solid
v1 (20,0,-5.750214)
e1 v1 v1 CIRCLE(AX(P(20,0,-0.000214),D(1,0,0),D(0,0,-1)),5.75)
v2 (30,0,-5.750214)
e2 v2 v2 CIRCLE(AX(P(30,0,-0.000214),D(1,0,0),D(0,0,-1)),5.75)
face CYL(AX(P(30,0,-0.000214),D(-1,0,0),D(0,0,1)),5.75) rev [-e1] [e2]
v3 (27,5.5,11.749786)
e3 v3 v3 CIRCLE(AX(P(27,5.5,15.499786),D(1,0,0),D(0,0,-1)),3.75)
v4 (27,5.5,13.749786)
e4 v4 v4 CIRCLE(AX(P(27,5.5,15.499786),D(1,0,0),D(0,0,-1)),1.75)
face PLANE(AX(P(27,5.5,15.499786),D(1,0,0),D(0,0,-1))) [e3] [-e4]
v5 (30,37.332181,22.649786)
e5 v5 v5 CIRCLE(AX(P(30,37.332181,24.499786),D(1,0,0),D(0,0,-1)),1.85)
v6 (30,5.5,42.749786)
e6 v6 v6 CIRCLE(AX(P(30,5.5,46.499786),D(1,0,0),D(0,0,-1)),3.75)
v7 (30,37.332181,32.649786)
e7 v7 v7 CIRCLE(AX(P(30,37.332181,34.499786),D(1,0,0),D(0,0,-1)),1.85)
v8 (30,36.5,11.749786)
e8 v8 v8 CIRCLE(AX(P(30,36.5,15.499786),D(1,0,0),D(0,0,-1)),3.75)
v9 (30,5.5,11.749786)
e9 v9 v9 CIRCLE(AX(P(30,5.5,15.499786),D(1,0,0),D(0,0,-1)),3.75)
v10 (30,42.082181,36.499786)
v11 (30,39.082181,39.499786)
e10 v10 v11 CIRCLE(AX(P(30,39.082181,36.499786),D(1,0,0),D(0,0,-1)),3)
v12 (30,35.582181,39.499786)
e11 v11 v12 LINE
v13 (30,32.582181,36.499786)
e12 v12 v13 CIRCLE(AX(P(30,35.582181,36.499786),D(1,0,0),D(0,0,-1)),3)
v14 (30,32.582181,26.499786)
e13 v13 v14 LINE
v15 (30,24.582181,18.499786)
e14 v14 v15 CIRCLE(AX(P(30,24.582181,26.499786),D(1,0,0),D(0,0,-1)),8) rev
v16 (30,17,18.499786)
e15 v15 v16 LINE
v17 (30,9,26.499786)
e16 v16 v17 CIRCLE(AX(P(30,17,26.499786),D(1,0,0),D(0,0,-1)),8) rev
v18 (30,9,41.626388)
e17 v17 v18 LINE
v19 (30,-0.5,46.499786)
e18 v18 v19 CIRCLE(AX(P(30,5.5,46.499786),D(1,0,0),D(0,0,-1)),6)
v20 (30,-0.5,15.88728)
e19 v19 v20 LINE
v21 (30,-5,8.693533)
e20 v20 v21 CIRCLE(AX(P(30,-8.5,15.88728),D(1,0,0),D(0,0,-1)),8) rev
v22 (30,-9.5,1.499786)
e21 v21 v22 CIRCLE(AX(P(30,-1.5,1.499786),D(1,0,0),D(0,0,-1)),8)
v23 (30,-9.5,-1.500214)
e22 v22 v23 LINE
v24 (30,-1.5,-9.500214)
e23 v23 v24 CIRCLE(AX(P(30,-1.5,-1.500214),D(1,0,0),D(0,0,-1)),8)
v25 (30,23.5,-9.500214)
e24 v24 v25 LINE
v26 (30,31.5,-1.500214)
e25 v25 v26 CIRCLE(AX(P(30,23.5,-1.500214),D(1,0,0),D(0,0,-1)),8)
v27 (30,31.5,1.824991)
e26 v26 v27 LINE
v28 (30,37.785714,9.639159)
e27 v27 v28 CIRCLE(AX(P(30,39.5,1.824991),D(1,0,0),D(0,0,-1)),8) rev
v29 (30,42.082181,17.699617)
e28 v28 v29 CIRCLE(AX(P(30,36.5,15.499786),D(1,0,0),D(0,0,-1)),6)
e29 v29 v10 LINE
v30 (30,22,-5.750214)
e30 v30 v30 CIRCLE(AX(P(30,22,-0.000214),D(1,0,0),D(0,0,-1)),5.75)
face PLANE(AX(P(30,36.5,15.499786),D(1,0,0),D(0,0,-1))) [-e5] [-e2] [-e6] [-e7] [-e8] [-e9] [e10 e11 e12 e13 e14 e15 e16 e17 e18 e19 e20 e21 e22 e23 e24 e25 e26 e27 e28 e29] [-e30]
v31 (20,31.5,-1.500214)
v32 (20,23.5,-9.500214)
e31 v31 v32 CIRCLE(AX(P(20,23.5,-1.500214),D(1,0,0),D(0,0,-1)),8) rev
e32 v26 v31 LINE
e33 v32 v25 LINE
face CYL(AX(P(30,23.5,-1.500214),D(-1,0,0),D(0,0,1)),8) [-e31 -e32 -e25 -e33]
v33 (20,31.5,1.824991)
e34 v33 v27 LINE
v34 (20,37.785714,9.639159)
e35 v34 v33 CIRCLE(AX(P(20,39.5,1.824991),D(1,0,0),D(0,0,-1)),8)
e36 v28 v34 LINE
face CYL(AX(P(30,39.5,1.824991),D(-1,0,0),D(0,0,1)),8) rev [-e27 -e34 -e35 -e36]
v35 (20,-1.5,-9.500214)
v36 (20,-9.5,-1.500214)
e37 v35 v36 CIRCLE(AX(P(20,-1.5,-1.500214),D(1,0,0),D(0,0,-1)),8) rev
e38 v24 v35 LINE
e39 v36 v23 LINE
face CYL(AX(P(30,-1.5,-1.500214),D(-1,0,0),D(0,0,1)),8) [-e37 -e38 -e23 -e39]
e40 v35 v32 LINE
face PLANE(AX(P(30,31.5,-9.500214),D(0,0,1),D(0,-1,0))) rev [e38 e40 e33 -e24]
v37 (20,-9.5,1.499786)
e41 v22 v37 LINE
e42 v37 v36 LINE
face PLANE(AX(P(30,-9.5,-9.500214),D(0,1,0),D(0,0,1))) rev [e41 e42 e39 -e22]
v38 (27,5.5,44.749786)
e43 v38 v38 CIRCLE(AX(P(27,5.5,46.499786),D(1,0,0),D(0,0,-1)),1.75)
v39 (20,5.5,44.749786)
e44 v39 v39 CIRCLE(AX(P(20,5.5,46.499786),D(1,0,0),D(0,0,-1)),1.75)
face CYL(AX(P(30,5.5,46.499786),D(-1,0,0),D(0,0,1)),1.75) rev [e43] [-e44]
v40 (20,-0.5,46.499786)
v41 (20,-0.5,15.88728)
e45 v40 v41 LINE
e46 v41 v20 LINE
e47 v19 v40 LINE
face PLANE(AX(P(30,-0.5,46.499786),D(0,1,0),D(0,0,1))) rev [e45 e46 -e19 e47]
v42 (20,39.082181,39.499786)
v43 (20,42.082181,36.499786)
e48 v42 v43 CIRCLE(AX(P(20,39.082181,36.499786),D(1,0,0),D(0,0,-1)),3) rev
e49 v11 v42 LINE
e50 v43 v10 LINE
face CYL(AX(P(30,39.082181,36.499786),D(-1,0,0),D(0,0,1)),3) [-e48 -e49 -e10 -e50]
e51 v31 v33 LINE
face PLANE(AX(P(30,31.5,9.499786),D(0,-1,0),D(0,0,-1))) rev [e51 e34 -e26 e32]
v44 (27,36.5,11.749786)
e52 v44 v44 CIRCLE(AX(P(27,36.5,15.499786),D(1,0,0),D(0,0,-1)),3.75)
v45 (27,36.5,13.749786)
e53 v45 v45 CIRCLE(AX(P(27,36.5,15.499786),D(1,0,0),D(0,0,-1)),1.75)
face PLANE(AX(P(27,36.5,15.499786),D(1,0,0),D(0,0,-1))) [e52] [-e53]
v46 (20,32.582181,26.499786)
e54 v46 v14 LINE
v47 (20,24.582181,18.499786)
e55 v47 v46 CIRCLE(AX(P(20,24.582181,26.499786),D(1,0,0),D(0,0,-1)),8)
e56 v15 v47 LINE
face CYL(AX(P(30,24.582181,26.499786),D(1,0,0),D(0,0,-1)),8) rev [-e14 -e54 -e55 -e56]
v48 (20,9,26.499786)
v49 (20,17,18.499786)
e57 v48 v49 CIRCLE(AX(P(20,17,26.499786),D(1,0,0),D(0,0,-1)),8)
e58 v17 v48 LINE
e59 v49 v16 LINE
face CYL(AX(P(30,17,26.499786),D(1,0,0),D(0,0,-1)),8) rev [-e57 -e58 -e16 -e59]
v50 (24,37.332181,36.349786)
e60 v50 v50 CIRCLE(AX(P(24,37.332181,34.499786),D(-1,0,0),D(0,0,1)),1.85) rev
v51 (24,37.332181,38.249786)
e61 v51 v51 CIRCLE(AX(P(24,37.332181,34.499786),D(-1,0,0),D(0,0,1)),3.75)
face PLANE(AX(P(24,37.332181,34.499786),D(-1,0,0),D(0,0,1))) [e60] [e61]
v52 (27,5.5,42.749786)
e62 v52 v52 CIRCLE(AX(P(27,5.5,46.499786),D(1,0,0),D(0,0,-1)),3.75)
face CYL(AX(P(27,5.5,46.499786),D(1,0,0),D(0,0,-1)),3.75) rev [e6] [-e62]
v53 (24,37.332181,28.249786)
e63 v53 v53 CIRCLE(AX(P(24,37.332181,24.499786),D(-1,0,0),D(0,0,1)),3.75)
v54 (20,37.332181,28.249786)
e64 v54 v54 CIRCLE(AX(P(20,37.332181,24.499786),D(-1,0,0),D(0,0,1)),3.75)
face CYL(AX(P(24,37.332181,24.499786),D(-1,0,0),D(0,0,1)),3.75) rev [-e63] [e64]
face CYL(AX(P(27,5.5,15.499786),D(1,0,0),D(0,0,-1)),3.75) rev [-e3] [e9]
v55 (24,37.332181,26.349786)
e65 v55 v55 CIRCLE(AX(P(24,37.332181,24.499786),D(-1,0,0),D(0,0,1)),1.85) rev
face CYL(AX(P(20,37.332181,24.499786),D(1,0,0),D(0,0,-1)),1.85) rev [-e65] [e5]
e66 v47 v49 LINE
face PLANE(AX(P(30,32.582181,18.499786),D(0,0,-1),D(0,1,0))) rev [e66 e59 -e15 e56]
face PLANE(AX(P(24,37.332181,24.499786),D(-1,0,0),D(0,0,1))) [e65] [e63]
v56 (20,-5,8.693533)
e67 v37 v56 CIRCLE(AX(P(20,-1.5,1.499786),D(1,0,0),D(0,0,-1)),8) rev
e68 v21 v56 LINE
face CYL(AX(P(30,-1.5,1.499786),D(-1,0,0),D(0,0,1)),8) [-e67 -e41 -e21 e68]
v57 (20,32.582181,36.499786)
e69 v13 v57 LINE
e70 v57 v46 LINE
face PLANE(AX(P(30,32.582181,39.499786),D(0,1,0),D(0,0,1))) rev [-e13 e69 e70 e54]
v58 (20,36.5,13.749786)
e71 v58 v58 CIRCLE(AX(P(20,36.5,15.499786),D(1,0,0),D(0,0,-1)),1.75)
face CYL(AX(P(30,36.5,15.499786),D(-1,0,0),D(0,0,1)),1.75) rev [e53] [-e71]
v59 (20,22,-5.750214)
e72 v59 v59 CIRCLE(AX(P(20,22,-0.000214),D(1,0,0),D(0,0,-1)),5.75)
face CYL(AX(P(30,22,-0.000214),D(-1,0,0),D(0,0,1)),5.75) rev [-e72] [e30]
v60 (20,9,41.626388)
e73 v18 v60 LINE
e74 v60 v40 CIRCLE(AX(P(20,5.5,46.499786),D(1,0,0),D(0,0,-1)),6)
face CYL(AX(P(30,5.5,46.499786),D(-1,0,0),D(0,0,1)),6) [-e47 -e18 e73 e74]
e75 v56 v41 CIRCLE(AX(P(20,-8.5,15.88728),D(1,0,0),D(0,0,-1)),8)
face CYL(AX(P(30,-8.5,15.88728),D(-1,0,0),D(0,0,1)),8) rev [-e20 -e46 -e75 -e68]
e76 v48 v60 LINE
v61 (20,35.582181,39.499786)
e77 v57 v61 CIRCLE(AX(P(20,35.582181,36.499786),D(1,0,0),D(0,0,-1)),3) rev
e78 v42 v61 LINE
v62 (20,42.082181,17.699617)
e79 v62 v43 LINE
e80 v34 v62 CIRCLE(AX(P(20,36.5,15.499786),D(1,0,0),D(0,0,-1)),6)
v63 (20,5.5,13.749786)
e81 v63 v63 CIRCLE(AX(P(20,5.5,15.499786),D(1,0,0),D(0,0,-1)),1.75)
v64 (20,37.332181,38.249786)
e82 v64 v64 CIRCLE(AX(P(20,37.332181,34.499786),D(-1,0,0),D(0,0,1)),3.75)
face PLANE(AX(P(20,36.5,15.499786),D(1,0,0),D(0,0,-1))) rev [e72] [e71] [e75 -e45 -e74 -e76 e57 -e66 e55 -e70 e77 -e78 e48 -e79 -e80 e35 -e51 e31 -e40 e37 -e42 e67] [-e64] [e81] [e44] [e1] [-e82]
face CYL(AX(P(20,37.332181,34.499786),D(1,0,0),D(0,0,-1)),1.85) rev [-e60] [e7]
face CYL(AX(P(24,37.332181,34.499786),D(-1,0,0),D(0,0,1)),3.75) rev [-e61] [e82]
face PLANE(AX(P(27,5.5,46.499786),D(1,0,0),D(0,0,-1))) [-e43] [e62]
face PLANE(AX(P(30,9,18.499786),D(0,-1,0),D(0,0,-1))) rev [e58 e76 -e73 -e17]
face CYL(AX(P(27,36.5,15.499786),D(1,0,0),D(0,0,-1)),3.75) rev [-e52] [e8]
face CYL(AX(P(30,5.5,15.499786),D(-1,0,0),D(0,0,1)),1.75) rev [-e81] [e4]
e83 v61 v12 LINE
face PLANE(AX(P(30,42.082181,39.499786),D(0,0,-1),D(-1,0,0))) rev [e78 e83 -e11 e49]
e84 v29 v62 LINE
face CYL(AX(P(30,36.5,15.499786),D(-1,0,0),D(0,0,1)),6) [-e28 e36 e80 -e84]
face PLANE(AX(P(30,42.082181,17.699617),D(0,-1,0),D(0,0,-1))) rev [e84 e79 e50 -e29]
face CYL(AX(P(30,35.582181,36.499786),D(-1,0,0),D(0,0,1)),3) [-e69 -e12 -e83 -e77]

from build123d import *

# Parameters (mm, degrees)
SKETCH1_R           = 1.75
SKETCH1_R_2         = 5.75
BOSS_EXTRUDE3_DEPTH = 10
FILLET1_R           = 8
SKETCH6_R           = 3.75
CUT_EXTRUDE2_DEPTH  = 3
FILLET2_R           = 8
FILLET3_R           = 3
SKETCH8_R           = 1.85
CUT_EXTRUDE3_DEPTH  = 69.282336686
SKETCH9_R           = 3.75
CUT_EXTRUDE4_DEPTH  = 4


with BuildPart() as part:
    # Sketch1 → Boss-Extrude3 (new body)
    with BuildSketch(Plane(origin=(20, 0, 0), x_dir=(0, 0, -1), z_dir=(1, 0, 0))):
        with BuildLine():
            Line((-17.699617141, 42.082180663), (-39.499785546, 42.082180663))
            Line((-39.499785546, 42.082180663), (-39.499785546, 32.582180663))
            Line((-39.499785546, 32.582180663), (-18.499785546, 32.582180663))
            Line((-18.499785546, 32.582180663), (-18.499785546, 9))
            Line((-18.499785546, 9), (-41.626388373, 9))
            ThreePointArc((-41.626388373, 9), (-51.838324672, 8.238612788), (-46.499785546, -0.5))
            Line((-46.499785546, -0.5), (-9.499785546, -0.5))
            Line((-9.499785546, -0.5), (-9.499785546, -9.5))
            Line((-9.499785546, -9.5), (9.500214454, -9.5))
            Line((9.500214454, -9.5), (9.500214454, 31.5))
            Line((9.500214454, 31.5), (-9.499785546, 31.5))
            Line((-9.499785546, 31.5), (-9.499785546, 36.5))
            ThreePointArc((-9.499785546, 36.5), (-12.123322128, 41.459787776), (-17.699617141, 42.082180663))
        make_face()
        with Locations((-15.499785546, 36.5)):
            Circle(SKETCH1_R, mode=Mode.SUBTRACT)
        with Locations((0.000214454, 22)):
            Circle(SKETCH1_R_2, mode=Mode.SUBTRACT)
        with Locations((0.000214454, 0)):
            Circle(SKETCH1_R_2, mode=Mode.SUBTRACT)
        with Locations((-15.499785546, 5.5)):
            Circle(SKETCH1_R, mode=Mode.SUBTRACT)
        with Locations((-46.499785546, 5.5)):
            Circle(SKETCH1_R, mode=Mode.SUBTRACT)
    extrude(amount=BOSS_EXTRUDE3_DEPTH)

    # Fillet1
    fillet1_edges = [part.edges().sort_by_distance(p)[0] for p in [
        (25, -9.5, 9.499785546),
        (25, -9.5, -9.500214454),
        (25, 31.5, -9.500214454),
        (25, 9, 18.499785546),
        (25, 31.5, 9.499785546),
        (25, 32.582180663, 18.499785546),
    ]]
    fillet(fillet1_edges, radius=FILLET1_R)

    # Sketch6 → Cut-Extrude2 (cut)
    with BuildSketch(Plane(origin=(30, 0, 0), x_dir=(0, 0, -1), z_dir=(1, 0, 0))):
        with Locations((-15.499785546, 36.5)):
            Circle(SKETCH6_R)
        with Locations((-15.499785546, 5.5)):
            Circle(SKETCH6_R)
        with Locations((-46.499785546, 5.5)):
            Circle(SKETCH6_R)
    extrude(amount=-CUT_EXTRUDE2_DEPTH, mode=Mode.SUBTRACT)

    # Fillet2
    fillet2_edges = [part.edges().sort_by_distance(p)[0] for p in [
        (25, -0.5, 9.499785546),
    ]]
    fillet(fillet2_edges, radius=FILLET2_R)

    # Fillet3
    fillet3_edges = [part.edges().sort_by_distance(p)[0] for p in [
        (25, 32.582180663, 39.499785546),
        (25, 42.082180663, 39.499785546),
    ]]
    fillet(fillet3_edges, radius=FILLET3_R)

    # Sketch8 → Cut-Extrude3 (cut, through all)
    with BuildSketch(Plane(origin=(30, 0, 0), x_dir=(0, 0, -1), z_dir=(1, 0, 0))):
        with Locations((-34.499785546, 37.332180663)):
            Circle(SKETCH8_R)
        with Locations((-24.499785546, 37.332180663)):
            Circle(SKETCH8_R)
    extrude(amount=-CUT_EXTRUDE3_DEPTH, mode=Mode.SUBTRACT)

    # Sketch9 → Cut-Extrude4 (cut)
    with BuildSketch(Plane.ZY.offset(-20)):
        with Locations((24.499785546, 37.332180663)):
            Circle(SKETCH9_R)
        with Locations((34.499785546, 37.332180663)):
            Circle(SKETCH9_R)
    extrude(amount=-CUT_EXTRUDE4_DEPTH, mode=Mode.SUBTRACT)


solid = part.part
